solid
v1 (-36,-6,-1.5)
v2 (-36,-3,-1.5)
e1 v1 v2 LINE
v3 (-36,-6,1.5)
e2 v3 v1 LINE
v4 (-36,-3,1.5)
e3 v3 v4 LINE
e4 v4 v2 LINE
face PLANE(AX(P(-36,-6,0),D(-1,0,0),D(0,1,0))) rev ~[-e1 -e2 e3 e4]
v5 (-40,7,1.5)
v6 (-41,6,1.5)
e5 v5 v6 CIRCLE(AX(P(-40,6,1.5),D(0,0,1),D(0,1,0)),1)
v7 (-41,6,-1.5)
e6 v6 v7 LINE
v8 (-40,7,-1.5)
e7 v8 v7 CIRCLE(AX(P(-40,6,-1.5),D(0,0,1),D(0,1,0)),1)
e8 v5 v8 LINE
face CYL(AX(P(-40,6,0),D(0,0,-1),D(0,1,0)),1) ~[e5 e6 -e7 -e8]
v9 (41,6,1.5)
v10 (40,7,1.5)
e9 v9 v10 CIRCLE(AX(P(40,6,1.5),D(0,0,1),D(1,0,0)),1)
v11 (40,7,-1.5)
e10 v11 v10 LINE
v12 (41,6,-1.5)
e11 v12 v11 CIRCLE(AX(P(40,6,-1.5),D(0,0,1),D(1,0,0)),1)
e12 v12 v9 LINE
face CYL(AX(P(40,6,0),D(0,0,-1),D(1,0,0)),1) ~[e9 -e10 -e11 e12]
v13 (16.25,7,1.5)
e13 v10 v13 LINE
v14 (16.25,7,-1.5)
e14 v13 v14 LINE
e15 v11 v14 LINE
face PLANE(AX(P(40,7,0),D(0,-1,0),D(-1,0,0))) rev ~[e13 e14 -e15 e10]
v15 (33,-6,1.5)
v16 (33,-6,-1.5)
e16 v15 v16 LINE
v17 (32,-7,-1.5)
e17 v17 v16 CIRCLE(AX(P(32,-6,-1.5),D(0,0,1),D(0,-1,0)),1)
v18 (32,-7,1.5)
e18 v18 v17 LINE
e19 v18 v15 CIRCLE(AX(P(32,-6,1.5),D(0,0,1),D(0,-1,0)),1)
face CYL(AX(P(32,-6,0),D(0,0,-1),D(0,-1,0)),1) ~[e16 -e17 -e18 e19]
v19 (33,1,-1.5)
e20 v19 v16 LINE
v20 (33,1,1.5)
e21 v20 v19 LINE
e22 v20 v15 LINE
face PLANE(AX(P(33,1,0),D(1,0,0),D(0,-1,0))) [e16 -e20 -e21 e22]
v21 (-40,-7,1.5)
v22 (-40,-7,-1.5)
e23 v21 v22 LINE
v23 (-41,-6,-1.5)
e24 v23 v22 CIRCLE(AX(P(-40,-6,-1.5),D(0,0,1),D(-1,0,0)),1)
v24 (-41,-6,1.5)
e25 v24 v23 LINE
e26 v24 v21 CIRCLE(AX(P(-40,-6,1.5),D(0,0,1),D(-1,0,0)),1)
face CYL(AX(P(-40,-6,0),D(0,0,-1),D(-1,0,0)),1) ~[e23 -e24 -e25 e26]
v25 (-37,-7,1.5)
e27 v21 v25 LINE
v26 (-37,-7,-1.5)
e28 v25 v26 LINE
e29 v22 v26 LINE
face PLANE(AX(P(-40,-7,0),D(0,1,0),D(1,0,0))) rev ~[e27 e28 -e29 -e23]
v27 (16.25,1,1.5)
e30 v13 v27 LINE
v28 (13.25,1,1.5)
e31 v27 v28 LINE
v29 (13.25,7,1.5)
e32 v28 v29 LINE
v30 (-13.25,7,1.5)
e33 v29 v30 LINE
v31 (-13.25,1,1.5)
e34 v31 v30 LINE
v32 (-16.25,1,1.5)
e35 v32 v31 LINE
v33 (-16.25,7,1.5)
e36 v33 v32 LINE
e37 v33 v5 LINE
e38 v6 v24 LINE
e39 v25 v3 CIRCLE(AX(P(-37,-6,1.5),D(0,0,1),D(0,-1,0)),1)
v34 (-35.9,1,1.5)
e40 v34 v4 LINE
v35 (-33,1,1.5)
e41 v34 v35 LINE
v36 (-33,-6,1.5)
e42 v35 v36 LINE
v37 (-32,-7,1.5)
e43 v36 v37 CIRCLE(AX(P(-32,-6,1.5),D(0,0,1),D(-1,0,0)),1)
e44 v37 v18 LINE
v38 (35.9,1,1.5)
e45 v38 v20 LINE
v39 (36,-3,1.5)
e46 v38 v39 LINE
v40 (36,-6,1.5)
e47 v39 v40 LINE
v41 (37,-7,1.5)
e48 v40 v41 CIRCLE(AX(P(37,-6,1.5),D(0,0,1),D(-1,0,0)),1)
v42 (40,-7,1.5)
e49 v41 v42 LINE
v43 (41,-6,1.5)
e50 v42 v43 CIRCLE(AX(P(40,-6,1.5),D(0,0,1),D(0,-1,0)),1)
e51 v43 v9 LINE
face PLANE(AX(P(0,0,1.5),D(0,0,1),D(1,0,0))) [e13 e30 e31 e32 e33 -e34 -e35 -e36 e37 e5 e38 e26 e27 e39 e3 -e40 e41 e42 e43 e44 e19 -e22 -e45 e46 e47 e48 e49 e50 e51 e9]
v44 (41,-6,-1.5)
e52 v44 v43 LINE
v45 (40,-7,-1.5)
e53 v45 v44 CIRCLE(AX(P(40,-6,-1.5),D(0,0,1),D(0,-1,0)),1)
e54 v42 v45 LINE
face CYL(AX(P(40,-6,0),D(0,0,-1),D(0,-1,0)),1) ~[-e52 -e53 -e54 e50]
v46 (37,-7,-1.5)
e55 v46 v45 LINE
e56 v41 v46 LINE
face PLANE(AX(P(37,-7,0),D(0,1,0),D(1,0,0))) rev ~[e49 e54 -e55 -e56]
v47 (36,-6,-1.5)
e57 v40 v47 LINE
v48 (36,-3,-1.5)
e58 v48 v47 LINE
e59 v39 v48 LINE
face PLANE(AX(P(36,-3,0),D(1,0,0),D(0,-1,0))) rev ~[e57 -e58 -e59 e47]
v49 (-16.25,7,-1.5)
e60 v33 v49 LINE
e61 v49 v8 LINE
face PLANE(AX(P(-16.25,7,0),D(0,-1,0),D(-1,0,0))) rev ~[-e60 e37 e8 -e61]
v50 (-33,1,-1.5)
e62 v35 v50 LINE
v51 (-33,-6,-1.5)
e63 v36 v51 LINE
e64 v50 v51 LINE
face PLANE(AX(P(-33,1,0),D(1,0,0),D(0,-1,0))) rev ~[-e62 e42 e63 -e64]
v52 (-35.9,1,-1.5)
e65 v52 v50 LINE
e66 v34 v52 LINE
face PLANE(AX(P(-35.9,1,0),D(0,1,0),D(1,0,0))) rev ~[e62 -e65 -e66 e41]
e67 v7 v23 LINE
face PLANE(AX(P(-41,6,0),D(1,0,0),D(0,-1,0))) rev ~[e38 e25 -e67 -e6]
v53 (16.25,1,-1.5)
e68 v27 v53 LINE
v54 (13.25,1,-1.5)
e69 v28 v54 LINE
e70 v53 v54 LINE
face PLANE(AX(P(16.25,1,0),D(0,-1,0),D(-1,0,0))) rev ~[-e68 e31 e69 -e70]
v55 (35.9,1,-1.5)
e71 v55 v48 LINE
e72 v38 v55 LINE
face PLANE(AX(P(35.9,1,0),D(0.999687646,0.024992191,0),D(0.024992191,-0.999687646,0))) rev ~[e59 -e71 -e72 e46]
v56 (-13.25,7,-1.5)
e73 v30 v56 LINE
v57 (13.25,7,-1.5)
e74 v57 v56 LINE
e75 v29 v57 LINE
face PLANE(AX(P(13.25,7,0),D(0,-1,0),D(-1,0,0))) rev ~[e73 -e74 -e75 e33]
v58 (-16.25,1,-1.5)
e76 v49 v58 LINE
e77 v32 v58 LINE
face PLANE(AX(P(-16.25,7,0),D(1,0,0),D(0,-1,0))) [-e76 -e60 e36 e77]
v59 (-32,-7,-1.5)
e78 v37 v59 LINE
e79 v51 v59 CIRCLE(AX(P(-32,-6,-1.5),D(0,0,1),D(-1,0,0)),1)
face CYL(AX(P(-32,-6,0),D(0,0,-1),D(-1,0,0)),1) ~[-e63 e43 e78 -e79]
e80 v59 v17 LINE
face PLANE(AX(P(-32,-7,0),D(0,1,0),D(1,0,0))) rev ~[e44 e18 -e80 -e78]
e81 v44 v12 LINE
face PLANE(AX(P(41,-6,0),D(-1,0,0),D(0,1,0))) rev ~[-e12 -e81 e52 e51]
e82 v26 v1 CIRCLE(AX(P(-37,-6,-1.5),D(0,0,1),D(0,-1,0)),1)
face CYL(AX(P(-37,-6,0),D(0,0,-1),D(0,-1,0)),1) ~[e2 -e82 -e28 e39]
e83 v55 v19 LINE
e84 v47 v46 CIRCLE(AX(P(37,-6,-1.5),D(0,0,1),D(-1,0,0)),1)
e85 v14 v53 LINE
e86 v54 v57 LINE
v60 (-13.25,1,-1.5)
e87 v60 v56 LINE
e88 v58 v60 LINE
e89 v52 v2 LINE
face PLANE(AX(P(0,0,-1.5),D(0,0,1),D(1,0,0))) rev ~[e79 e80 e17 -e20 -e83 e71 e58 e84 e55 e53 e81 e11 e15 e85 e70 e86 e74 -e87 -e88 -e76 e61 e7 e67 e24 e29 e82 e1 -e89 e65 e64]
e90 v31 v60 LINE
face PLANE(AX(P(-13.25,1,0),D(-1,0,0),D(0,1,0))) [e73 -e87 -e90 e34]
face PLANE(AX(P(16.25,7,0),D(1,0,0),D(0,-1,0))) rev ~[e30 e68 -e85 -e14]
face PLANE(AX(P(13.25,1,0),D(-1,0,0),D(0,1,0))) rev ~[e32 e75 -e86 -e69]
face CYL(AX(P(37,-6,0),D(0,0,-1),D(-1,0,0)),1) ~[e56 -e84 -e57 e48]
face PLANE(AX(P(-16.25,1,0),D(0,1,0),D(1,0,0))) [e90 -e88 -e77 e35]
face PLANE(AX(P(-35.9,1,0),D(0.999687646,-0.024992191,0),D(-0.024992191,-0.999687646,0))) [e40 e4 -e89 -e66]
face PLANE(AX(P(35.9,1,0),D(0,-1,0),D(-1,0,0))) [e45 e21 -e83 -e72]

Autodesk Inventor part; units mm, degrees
ref_plane "YZ Plane" through (0, 0, 0) normal (1, 0, 0) x (0, 1, 0)
ref_plane "XZ Plane" through (0, 0, 0) normal (0, 1, 0) x (-1, 0, 0)
ref_plane "XY Plane" through (0, 0, 0) normal (0, 0, 1) x (1, 0, 0)
sketch "草圖1" plane through (0, 0, 0) normal (0, 0, 1) x (1, 0, 0)
  line L0 (41, -6) -> (41, 6)
  line L1 (-41, 6) -> (-41, -6)
  line L2 (-40, -7) -> (-37, -7)
  line L3 (-32, -7) -> (32, -7)
  line L4 (37, -7) -> (40, -7)
  line L5 (0, 22.1211) -> (0, -32.4412) construction
  arc A0 (-40, 7) -> (-41, 6) centre (-40, 6) ccw
  arc A1 (-41, -6) -> (-40, -7) centre (-40, -6) ccw
  arc A2 (-37, -7) -> (-36, -6) centre (-37, -6) ccw
  arc A3 (-33, -6) -> (-32, -7) centre (-32, -6) ccw
  arc A4 (40, -7) -> (41, -6) centre (40, -6) ccw
  arc A5 (41, 6) -> (40, 7) centre (40, 6) ccw
  line L6 (-36, -6) -> (-36, 1) construction
  line L7 (-36, 1) -> (-33, 1) construction
  line L8 (-33, 1) -> (-33, -6)
  arc A6 (36, -6) -> (37, -7) centre (37, -6) ccw
  arc A7 (32, -7) -> (33, -6) centre (32, -6) ccw
  line L9 (36, -6) -> (36, 1) construction
  line L10 (36, 1) -> (33, 1) construction
  line L11 (33, 1) -> (33, -6)
  line L12 (-16.25, 7) -> (-16.25, 1)
  line L13 (-16.25, 1) -> (-13.25, 1)
  line L14 (-13.25, 1) -> (-13.25, 7)
  line L15 (-14.75, -1.2757) -> (-14.75, 3.2757) construction
  line L16 (16.25, 7) -> (16.25, 1)
  line L17 (16.25, 1) -> (13.25, 1)
  line L18 (13.25, 1) -> (13.25, 7)
  line L19 (-41, -7) -> (41, -7) construction
  line L20 (41, -7) -> (41, 7) construction
  line L21 (41, 7) -> (-41, 7) construction
  line L22 (-41, 7) -> (-41, -7) construction
  line L23 (-41, -7) -> (41, 7) construction
  line L24 (41, -7) -> (-41, 7) construction
  line L25 (-16.25, 7) -> (-40, 7)
  line L26 (40, 7) -> (16.25, 7)
  line L27 (13.25, 7) -> (-13.25, 7)
  line L28 (-36, -6) -> (-36, -3)
  line L29 (-35.9, 1) -> (-36, -3)
  line L30 (-35.9, 1) -> (-33, 1)
  line L31 (35.9, 1) -> (36, -3)
  line L32 (35.9, 1) -> (33, 1)
  line L33 (36, -3) -> (36, -6)
  point P0 (0, 0)
  point P1 (-14.75, 1)
  point P2 (36, -6)
  dimension "d5" = 1
  dimension "d6" = 1
  dimension "d25" = 3
  dimension "d26" = 8
  dimension "d28" = 5
  dimension "d29" = 33
  dimension "d30" = 6
  dimension "d31" = 3
  dimension "d32" = 14.75
  dimension "d34" = 14
  dimension "d35" = 4
  dimension "d36" = 0.1
extrude "擠出1" add sketch "草圖1" along normal mid plane 3
properties part number "test"
